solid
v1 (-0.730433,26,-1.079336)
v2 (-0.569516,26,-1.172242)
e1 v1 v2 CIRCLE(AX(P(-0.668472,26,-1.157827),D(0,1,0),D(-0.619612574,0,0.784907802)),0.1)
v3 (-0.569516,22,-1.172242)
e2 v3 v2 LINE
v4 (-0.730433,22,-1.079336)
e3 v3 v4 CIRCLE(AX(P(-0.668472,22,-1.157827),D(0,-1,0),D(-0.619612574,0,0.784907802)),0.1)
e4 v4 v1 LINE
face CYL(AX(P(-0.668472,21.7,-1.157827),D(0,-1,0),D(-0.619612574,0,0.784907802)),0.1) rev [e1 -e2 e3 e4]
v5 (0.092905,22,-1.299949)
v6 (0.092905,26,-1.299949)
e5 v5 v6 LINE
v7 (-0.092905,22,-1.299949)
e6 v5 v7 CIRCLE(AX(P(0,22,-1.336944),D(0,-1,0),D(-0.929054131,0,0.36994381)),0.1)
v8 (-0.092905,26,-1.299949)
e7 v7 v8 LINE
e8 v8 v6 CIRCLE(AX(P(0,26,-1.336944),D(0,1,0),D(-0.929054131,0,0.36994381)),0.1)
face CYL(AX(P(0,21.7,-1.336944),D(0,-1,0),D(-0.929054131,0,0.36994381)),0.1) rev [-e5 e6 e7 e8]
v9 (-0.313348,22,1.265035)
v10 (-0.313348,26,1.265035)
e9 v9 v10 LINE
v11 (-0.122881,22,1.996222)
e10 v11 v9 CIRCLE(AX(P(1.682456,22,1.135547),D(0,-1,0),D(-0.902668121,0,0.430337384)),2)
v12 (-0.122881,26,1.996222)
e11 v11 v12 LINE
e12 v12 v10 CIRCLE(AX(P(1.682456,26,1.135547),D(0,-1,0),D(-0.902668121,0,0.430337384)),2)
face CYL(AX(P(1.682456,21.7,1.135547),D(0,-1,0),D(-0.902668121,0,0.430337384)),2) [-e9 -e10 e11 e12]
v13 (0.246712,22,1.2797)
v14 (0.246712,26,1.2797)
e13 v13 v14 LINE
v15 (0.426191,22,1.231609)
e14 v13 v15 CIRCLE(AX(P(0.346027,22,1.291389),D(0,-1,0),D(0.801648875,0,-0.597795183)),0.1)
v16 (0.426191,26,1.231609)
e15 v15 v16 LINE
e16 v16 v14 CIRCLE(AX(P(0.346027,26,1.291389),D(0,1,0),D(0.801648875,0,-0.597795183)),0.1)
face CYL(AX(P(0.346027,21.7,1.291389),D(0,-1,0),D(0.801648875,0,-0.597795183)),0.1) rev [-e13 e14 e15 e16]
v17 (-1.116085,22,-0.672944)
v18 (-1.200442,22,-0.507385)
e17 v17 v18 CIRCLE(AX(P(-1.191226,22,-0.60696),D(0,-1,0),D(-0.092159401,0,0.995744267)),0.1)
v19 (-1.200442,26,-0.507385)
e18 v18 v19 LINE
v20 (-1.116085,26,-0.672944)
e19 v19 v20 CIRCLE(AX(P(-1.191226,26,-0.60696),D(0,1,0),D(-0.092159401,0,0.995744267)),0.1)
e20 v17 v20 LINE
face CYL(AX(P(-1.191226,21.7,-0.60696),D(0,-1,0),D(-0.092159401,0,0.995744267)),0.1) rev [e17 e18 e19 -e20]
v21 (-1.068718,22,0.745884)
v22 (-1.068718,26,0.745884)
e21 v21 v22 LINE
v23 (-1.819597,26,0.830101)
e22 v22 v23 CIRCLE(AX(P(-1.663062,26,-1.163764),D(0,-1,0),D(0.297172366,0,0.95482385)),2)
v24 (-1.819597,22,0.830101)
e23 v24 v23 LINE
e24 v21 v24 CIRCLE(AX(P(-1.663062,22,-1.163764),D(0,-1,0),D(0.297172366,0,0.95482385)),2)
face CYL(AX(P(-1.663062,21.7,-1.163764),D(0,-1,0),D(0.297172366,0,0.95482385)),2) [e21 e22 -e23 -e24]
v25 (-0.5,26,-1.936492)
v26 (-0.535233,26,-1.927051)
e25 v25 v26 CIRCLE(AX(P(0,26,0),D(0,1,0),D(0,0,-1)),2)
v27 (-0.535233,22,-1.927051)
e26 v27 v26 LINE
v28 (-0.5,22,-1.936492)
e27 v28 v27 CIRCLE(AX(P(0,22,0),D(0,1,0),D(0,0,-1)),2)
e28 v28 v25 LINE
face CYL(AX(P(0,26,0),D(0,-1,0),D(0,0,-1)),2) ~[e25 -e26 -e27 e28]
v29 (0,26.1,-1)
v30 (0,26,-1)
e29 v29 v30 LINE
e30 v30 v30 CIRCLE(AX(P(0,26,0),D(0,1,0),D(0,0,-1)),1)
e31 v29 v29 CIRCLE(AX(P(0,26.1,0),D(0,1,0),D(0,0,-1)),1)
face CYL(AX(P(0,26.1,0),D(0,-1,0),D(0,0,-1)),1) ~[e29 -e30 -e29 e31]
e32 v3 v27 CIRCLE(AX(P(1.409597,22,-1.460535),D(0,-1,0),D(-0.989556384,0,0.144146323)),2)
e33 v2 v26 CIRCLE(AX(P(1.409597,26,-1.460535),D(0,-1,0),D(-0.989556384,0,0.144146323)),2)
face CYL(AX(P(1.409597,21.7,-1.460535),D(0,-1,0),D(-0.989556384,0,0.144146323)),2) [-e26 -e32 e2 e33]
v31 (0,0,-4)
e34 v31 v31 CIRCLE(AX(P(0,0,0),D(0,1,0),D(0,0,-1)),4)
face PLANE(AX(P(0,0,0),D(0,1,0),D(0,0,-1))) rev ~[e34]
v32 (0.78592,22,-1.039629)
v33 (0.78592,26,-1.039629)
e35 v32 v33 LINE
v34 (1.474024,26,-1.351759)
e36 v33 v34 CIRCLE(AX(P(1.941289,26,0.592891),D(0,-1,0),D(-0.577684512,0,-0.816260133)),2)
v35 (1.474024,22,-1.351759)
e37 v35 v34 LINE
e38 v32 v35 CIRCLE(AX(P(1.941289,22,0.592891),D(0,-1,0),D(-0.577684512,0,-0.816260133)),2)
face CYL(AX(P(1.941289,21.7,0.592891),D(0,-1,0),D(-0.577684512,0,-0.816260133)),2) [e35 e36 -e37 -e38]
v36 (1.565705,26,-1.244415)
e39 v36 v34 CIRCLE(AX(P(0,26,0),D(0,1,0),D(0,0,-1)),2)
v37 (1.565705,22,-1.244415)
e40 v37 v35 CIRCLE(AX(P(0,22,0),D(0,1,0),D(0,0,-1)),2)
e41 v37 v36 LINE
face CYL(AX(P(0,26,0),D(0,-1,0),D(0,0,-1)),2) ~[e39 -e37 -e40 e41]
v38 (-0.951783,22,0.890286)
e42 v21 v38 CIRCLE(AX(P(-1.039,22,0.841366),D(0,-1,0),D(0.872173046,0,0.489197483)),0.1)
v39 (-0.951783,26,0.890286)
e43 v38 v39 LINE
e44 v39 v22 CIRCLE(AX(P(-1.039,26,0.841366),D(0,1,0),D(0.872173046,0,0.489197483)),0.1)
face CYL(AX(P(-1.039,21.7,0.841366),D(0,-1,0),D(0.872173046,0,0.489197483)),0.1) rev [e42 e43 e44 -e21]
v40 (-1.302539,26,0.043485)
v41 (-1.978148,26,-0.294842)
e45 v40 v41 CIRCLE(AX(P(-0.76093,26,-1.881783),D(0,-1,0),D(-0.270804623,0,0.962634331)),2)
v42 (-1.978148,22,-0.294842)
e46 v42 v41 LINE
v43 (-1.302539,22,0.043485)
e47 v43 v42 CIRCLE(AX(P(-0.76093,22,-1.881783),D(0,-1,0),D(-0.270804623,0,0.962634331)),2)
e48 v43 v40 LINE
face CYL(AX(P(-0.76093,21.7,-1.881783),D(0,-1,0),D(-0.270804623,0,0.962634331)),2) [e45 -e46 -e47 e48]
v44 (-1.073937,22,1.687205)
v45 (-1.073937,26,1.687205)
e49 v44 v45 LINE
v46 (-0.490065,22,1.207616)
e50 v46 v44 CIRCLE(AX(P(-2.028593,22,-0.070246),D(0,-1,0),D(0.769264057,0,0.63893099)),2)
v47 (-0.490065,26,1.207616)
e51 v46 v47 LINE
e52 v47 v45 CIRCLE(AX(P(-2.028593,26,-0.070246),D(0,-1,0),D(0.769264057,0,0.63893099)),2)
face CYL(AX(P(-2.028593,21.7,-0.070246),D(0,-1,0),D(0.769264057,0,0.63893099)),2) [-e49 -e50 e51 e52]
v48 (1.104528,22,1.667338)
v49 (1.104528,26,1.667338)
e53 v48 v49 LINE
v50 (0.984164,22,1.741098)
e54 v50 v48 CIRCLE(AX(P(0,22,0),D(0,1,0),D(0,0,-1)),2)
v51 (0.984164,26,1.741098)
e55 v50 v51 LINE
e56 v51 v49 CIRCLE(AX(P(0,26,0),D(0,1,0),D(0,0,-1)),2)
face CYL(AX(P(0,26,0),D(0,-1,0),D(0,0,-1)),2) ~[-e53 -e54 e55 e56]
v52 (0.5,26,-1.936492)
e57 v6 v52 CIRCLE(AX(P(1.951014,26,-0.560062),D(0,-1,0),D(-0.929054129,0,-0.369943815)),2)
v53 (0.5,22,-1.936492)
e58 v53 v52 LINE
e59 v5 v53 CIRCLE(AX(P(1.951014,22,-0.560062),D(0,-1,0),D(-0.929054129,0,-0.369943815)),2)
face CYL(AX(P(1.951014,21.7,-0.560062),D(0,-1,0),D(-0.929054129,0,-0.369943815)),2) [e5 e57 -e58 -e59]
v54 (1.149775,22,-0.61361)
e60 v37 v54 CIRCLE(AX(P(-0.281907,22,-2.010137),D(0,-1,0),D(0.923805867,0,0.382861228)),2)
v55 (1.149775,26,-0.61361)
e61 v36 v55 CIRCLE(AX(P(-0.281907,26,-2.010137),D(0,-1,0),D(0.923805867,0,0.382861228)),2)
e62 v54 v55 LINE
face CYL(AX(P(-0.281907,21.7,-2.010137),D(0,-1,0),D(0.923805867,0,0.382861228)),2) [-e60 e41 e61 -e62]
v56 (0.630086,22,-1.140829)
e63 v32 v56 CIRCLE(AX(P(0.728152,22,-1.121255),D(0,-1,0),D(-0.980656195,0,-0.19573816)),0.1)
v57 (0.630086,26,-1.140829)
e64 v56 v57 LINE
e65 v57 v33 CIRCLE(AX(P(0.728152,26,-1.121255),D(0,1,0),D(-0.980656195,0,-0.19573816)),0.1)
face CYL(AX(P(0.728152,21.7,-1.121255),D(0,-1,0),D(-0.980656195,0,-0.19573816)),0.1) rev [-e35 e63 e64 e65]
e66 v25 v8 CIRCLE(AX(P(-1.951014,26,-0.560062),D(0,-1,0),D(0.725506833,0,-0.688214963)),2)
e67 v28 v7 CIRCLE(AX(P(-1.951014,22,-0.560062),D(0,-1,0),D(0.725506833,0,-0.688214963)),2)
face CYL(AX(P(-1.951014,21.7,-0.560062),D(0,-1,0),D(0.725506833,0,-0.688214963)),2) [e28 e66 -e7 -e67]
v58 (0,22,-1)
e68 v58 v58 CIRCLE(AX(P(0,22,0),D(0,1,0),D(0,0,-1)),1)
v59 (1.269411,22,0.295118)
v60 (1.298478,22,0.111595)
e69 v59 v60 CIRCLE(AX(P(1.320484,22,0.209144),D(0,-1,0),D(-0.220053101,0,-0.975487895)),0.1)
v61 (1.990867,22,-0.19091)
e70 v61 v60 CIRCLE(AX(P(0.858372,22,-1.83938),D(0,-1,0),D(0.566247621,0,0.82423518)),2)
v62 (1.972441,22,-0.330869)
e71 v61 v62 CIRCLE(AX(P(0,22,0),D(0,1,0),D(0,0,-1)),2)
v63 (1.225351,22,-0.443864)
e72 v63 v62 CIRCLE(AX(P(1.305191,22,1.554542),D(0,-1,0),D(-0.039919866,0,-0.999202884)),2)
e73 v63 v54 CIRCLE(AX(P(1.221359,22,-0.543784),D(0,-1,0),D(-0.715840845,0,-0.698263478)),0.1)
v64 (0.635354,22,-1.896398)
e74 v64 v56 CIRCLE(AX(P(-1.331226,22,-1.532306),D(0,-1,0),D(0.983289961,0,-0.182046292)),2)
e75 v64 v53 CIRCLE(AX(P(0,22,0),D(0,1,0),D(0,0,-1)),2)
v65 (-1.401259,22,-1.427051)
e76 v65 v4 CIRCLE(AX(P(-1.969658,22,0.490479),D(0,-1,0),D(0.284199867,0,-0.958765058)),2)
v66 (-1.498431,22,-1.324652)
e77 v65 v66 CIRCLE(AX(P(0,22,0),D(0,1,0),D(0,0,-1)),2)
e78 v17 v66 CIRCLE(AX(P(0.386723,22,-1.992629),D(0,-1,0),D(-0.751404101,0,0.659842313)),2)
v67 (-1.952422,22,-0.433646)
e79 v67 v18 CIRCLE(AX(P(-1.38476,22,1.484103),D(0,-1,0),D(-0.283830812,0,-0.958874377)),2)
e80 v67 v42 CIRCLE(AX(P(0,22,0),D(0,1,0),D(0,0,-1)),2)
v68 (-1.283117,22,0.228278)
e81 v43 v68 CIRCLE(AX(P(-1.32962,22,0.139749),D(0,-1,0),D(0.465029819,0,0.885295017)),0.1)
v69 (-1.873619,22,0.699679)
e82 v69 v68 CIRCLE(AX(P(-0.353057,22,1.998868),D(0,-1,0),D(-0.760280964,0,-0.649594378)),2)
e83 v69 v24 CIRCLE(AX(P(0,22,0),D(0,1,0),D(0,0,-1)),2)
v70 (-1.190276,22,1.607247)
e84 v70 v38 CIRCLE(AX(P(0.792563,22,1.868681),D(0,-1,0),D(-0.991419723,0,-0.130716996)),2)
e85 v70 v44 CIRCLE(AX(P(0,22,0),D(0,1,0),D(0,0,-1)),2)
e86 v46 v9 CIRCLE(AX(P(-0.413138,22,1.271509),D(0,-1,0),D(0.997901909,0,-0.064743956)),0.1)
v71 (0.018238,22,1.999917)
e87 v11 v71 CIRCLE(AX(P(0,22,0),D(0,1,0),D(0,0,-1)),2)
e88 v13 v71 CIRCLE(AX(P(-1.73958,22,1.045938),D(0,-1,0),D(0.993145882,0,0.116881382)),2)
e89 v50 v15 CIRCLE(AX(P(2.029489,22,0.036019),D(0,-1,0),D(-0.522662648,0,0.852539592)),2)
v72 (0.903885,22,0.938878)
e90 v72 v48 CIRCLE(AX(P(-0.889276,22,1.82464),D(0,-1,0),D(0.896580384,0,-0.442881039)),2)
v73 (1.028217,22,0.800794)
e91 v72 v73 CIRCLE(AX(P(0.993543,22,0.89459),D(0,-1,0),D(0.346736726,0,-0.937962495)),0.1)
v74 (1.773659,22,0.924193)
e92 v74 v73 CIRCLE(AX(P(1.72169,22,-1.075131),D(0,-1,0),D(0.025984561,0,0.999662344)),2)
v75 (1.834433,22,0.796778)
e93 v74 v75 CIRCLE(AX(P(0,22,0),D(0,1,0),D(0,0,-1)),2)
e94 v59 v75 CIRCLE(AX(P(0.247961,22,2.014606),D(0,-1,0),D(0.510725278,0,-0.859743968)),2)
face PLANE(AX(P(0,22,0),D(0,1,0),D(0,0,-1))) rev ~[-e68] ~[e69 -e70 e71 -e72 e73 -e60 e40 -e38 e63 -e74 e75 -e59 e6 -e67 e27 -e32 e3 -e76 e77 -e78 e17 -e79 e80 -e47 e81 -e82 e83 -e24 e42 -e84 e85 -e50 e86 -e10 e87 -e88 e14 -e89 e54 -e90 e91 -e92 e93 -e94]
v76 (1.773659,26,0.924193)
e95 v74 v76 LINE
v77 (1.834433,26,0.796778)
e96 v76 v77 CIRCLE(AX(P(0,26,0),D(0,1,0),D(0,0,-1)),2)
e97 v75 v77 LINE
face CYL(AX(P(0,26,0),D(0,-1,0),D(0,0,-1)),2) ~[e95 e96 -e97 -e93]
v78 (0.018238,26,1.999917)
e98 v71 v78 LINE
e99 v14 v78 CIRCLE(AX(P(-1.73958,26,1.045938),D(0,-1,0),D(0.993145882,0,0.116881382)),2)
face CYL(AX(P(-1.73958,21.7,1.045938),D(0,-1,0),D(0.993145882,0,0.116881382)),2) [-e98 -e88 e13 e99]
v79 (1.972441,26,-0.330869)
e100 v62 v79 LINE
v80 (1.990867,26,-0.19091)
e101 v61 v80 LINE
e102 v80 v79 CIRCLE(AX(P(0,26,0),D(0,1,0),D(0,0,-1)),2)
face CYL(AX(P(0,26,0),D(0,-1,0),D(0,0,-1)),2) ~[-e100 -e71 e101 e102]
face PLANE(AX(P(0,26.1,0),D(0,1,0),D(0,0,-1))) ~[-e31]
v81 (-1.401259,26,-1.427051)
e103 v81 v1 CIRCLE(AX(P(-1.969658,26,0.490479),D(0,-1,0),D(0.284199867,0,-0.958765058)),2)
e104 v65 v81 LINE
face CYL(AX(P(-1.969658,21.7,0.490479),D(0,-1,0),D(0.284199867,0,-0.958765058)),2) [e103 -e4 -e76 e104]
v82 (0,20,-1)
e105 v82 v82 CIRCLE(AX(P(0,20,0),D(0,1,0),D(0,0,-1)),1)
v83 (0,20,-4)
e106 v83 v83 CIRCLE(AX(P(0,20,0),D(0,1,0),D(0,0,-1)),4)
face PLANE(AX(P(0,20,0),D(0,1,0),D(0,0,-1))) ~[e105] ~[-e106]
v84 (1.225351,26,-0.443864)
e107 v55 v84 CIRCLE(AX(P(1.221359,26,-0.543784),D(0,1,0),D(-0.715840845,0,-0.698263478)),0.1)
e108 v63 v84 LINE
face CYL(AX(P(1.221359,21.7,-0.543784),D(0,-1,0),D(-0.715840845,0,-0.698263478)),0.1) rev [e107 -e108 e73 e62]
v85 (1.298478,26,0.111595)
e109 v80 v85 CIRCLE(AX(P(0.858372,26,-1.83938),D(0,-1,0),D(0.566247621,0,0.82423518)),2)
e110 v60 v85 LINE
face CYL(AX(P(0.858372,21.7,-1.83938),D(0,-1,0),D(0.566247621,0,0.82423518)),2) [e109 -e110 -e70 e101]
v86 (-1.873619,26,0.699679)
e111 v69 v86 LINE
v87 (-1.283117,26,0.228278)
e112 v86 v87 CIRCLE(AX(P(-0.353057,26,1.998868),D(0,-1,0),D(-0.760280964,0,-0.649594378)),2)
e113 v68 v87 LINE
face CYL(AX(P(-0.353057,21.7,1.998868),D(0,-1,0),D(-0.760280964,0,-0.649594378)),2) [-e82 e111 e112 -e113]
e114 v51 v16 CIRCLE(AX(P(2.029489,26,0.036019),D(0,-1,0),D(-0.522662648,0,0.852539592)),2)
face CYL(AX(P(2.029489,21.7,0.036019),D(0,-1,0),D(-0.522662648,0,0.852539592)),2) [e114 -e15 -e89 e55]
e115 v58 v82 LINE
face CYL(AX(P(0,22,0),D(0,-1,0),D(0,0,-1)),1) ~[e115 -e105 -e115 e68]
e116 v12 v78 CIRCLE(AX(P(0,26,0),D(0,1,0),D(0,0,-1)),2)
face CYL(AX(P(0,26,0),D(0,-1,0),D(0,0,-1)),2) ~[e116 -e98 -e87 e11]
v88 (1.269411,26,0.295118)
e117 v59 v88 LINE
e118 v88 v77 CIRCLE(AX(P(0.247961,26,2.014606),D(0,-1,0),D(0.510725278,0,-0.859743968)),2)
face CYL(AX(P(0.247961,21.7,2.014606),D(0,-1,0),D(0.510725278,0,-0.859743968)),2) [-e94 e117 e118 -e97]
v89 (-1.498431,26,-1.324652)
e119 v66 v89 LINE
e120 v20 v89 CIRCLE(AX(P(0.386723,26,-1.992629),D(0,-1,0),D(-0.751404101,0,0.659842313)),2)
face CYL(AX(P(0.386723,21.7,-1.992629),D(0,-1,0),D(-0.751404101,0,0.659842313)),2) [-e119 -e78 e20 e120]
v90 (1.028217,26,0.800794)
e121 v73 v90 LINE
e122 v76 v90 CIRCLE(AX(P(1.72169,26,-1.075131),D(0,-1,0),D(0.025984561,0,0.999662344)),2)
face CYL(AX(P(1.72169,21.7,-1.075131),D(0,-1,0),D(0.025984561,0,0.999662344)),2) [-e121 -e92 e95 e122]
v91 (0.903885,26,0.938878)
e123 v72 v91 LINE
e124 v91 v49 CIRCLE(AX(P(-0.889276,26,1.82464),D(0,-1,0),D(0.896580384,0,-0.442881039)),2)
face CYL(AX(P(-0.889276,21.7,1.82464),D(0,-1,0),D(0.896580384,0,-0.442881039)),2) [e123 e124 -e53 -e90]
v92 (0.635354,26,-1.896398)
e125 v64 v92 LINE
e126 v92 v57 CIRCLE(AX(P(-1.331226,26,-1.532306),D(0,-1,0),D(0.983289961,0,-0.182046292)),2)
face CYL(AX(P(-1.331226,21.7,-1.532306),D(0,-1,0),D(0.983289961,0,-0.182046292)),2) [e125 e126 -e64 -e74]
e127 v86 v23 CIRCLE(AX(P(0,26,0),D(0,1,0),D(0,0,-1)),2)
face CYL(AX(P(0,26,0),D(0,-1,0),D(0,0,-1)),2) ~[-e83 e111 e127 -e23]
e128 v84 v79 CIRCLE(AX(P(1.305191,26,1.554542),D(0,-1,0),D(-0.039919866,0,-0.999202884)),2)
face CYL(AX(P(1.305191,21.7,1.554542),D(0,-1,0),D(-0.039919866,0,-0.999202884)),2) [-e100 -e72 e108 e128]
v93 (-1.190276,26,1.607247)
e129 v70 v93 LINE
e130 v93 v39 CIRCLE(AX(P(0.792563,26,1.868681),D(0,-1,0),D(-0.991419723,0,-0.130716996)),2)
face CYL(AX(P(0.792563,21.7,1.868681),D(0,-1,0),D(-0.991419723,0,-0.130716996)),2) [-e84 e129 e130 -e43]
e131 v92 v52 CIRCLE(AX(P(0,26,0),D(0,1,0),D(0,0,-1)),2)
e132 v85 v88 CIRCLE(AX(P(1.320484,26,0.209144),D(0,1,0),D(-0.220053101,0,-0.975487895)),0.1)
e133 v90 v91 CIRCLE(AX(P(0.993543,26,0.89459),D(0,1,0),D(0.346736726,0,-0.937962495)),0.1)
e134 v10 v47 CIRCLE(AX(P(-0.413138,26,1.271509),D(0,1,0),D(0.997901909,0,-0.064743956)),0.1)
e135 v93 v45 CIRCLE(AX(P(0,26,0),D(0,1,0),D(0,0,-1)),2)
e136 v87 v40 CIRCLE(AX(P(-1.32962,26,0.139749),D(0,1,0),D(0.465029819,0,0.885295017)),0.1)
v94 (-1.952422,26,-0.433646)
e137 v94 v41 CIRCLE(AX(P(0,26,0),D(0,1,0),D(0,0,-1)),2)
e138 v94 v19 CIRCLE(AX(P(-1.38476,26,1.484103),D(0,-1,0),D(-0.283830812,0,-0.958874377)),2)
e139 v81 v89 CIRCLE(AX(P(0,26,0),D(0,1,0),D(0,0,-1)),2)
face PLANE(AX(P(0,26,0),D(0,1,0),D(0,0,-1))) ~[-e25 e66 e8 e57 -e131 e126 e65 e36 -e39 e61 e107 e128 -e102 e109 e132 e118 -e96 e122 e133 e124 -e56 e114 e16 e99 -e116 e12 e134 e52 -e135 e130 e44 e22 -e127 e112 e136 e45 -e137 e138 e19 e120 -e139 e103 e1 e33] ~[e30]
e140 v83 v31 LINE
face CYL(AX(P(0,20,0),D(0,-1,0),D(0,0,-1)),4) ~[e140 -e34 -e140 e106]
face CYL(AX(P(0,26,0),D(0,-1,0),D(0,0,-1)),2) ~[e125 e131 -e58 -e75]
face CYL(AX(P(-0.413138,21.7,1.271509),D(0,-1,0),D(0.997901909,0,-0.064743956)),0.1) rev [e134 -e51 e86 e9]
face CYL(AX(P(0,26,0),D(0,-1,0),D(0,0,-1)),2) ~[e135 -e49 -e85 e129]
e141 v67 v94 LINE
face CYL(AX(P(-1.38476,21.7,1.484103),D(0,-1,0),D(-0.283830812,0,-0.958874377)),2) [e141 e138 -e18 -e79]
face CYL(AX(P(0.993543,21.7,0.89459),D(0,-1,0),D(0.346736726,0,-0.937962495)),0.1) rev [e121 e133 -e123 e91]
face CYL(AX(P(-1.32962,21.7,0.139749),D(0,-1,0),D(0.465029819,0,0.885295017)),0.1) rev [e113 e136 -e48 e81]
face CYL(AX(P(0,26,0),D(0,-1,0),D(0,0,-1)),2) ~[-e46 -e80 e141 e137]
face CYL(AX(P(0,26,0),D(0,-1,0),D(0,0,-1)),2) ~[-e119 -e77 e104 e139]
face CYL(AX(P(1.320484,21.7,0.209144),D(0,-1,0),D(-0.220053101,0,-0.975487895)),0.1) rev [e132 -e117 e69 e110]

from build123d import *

# Parameters (mm, degrees)
CUT_EXTRUDE_START        = -4.3
CUT_EXTRUDE_1_DEPTH      = 4.3
PATTERN_CIRCULAR_1_COUNT = 11
PATTERN_CIRCULAR_1_ANGLE = 330


with BuildPart() as part:
    # ｽｹｯﾁ1 → 回転1 (revolve)
    with BuildSketch(Plane.XY, mode=Mode.PRIVATE) as revolve_1_sk:
        Polygon((0, 0), (0, 26.1), (1, 26.1), (1, 26), (2, 26), (2, 22), (1, 22), (1, 20), (4, 20), (4, 0), align=None)
    revolve(revolve_1_sk.sketch.rotate(Axis((0, 0, 0), (0, 1, 0)), 90), axis=Axis((0, 0, 0), (0, 1, 0)))

    # ｽｹｯﾁ3 → ｶｯﾄ - 押し出し1 (cut)
    with BuildSketch(Plane(origin=(0, 26, 0), x_dir=(1, 0, 0), z_dir=(0, 1, 0)).offset(CUT_EXTRUDE_START)):
        with BuildLine():
            ThreePointArc((0.092905413, 1.299949383), (0.266119458, 1.637619869), (0.5, 1.936491673))
            ThreePointArc((0.5, 1.936491673), (0, 2), (-0.5, 1.936491673))
            ThreePointArc((-0.5, 1.936491673), (-0.266119458, 1.637619869), (-0.092905413, 1.299949383))
            ThreePointArc((-0.092905413, 1.299949383), (0, 1.236943764), (0.092905413, 1.299949383))
        make_face()
    cut_extrude_1 = extrude(amount=CUT_EXTRUDE_1_DEPTH, mode=Mode.SUBTRACT)

    # 円形ﾊﾟﾀｰﾝ1: ｶｯﾄ - 押し出し1 ×11 about axis
    pattern_circular_1_axis = Axis((0, 0, 0), (0, -1, 0))
    for i in range(1, PATTERN_CIRCULAR_1_COUNT):
        add(cut_extrude_1.rotate(pattern_circular_1_axis, i * PATTERN_CIRCULAR_1_ANGLE / (PATTERN_CIRCULAR_1_COUNT - 1)), mode=Mode.SUBTRACT)


solid = part.part
